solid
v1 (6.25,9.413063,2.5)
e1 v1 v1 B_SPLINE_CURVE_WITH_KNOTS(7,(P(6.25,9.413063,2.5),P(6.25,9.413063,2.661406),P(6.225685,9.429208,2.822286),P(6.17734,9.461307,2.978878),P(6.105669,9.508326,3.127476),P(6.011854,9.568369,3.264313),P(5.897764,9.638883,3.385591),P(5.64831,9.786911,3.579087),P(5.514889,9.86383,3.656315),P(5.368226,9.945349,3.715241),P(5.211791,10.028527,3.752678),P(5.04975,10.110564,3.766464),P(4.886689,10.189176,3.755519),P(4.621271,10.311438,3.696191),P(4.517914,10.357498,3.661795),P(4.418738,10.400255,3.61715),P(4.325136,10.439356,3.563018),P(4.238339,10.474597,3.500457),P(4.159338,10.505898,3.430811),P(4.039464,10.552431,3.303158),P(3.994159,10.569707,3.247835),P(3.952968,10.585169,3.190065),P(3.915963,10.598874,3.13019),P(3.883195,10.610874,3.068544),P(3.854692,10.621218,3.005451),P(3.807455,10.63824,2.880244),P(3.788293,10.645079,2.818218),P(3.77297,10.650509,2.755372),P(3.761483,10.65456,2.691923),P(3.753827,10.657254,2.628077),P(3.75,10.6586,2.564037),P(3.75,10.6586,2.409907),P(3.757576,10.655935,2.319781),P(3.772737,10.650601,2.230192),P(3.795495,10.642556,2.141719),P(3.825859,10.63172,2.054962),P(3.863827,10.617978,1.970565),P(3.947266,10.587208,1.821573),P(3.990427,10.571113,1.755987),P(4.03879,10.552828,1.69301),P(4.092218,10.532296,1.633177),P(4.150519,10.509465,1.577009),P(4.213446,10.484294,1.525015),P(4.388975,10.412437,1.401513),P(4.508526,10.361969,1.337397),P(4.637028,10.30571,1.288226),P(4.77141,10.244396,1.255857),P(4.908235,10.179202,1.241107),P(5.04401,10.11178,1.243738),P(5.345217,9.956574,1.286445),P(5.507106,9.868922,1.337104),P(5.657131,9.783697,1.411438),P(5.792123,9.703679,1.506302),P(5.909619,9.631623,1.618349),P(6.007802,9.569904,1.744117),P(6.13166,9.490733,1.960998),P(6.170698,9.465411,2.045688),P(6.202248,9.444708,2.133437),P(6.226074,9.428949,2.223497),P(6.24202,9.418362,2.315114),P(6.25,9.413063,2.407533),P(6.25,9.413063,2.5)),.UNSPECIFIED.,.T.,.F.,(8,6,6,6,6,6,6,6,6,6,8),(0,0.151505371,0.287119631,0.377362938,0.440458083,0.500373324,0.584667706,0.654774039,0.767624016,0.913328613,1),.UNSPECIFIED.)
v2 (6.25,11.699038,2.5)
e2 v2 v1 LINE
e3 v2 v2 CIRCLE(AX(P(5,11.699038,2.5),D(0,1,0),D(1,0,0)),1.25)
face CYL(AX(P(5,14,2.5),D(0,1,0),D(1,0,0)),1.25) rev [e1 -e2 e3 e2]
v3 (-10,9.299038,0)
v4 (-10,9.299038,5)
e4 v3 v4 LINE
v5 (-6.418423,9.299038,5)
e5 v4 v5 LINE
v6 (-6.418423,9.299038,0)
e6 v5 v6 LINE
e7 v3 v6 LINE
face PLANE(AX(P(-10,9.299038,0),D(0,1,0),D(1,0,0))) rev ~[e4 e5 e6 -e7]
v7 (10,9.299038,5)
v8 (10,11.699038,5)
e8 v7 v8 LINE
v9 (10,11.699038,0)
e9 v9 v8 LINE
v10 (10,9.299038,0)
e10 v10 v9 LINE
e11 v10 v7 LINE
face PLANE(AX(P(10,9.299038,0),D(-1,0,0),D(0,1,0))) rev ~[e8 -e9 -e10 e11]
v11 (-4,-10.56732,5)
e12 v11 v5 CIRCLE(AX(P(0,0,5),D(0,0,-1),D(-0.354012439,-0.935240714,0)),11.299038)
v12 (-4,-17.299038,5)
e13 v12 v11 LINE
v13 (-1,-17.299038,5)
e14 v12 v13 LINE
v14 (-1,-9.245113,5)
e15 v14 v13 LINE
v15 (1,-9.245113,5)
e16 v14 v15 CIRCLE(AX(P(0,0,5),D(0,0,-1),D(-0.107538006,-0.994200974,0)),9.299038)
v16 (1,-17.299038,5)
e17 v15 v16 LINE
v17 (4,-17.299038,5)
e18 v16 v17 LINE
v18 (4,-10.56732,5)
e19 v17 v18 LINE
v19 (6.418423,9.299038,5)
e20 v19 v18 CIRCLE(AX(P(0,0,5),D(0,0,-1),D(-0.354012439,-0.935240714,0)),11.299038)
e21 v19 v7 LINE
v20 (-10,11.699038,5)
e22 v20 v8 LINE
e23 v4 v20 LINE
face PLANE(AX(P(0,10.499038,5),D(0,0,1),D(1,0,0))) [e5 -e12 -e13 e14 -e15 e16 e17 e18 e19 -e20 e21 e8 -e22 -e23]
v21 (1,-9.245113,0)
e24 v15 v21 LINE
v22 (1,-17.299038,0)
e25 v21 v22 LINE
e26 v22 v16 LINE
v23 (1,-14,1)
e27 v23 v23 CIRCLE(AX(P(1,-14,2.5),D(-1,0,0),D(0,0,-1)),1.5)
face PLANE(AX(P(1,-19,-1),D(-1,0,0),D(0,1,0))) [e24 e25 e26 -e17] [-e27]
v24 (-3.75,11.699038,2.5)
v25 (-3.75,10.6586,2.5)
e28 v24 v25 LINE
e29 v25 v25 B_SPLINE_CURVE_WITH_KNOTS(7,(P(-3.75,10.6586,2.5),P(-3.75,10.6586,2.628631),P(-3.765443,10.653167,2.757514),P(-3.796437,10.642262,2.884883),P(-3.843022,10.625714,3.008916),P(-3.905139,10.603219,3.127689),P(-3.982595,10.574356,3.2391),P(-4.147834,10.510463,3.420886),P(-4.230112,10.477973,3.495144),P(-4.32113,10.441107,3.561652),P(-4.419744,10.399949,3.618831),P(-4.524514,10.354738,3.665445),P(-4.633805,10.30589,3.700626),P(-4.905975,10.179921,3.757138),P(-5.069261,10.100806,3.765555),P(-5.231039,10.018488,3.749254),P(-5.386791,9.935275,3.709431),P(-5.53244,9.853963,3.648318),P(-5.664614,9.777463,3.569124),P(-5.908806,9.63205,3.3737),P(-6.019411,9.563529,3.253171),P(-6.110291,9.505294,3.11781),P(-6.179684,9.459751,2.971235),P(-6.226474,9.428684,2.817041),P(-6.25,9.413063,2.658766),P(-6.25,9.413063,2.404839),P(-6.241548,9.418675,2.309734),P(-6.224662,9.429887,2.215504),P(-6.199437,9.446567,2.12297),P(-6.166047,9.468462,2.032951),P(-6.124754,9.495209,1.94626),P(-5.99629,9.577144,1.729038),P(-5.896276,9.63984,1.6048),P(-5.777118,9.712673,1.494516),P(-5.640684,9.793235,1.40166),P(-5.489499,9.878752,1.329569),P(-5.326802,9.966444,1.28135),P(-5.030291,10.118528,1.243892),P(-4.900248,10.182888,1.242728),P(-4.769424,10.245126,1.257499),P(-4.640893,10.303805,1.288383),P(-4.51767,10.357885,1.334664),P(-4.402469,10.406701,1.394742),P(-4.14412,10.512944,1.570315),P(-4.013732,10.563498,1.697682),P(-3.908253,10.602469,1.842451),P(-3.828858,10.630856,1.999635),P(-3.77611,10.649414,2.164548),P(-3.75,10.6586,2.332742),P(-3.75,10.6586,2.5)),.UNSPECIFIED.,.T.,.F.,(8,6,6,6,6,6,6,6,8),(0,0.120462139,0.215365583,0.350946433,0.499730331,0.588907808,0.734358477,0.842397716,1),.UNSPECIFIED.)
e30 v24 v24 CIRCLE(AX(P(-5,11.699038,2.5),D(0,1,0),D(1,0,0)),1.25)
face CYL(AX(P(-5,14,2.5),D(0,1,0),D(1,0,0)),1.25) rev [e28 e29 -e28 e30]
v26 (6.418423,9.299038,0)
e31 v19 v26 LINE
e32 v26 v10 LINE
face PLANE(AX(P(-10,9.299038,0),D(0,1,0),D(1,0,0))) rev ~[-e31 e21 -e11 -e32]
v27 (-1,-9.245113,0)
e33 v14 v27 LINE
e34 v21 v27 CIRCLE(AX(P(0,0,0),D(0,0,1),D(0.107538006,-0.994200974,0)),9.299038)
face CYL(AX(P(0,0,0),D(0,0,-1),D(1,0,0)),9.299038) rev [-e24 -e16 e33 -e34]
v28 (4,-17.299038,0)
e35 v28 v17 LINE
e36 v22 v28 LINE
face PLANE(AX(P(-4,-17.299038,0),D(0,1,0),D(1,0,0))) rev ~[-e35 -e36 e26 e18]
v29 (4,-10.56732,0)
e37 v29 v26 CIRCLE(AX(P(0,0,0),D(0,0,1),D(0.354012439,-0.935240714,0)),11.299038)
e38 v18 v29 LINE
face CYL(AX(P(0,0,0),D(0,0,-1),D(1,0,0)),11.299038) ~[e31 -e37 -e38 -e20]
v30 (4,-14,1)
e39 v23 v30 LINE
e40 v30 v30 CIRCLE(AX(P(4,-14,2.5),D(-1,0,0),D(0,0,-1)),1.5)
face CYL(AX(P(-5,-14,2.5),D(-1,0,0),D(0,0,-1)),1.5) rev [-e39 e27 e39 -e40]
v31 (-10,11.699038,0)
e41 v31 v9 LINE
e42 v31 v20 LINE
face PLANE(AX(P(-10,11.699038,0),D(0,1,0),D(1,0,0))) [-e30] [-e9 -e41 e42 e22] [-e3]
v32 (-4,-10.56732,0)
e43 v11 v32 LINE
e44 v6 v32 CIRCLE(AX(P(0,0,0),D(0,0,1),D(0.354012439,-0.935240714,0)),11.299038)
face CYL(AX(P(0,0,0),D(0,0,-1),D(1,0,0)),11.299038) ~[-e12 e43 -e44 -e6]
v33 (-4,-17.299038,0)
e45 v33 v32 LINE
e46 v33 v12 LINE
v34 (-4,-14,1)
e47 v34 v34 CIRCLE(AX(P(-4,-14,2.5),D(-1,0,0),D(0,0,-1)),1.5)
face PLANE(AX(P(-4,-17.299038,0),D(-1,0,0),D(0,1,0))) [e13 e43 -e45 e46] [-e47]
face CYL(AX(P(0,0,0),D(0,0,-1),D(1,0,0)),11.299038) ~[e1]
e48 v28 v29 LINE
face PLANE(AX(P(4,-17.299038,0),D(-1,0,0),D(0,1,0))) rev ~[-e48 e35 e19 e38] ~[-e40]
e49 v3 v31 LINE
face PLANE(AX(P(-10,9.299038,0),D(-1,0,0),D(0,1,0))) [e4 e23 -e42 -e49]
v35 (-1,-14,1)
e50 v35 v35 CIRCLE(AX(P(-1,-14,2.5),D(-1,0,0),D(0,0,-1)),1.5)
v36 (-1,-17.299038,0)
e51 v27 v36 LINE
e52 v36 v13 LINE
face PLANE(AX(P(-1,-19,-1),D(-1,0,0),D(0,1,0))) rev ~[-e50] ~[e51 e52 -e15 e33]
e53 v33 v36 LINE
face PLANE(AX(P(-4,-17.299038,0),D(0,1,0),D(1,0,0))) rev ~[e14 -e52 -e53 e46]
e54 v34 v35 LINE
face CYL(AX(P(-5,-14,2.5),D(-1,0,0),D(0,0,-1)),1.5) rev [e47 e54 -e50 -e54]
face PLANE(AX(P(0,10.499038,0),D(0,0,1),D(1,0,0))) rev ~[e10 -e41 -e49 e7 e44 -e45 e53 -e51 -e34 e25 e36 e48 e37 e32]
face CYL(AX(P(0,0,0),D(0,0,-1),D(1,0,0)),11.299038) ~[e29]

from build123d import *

# Parameters (mm, degrees)
BOX005_W                = 2
BOX005_H                = 10
BOX005_DEPTH            = 10
CYLINDER029_R           = 9.299038
CYLINDER029_DEPTH       = 10
CYLINDER030_R           = 11.299038
CYLINDER030_DEPTH       = 5
CYLINDER032_R           = 1.25
CYLINDER032_DEPTH       = 5
CYLINDER032_ROLL_ANGLE  = 90
CYLINDER031_R           = 1.25
CYLINDER031_DEPTH       = 5
CYLINDER031_ROLL_ANGLE  = 90
BOX003_W                = 20
BOX003_H                = 2.4
BOX003_DEPTH            = 5
CYLINDER033_R           = 1.5
CYLINDER033_DEPTH       = 10
CYLINDER033_PITCH_ANGLE = 90
BOX004_W                = 8
BOX004_H                = 8
BOX004_DEPTH            = 5


with BuildPart() as quader004:
    # Box005 → Box005 (new body)
    with BuildSketch(Plane(origin=(-1, -19, -1), x_dir=(1, 0, 0), z_dir=(0, 0, 1))):
        with Locations((1, 5)):
            Rectangle(BOX005_W, BOX005_H)
    extrude(amount=BOX005_DEPTH)


with BuildPart() as zylinder027:
    # Cylinder029 → Cylinder029 (new body)
    with BuildSketch(Plane.XY):
        Circle(CYLINDER029_R)
    extrude(amount=CYLINDER029_DEPTH)


with BuildPart() as cut043:
    # Cylinder030 → Cylinder030 (new body)
    with BuildSketch(Plane.XY):
        Circle(CYLINDER030_R)
    extrude(amount=CYLINDER030_DEPTH)

    # Cut043: cut Zylinder027
    add(zylinder027.part, mode=Mode.SUBTRACT)


with BuildPart() as zylinder030:
    # Cylinder032 → Cylinder032 (new body)
    with BuildSketch(Plane.XY):
        Circle(CYLINDER032_R)
    extrude(amount=CYLINDER032_DEPTH)


with BuildPart() as zylinder030_1:
    # Cylinder032 roll: moved
    add(zylinder030.part.rotate(Axis((0, 0, 0), (1, 0, 0)), CYLINDER032_ROLL_ANGLE))


with BuildPart() as zylinder030_2:
    # Cylinder032 placement: moved
    add(zylinder030_1.part.moved(Location((-5, 14, 2.5))))


with BuildPart() as zylinder029:
    # Cylinder031 → Cylinder031 (new body)
    with BuildSketch(Plane.XY):
        Circle(CYLINDER031_R)
    extrude(amount=CYLINDER031_DEPTH)


with BuildPart() as zylinder029_1:
    # Cylinder031 roll: moved
    add(zylinder029.part.rotate(Axis((0, 0, 0), (1, 0, 0)), CYLINDER031_ROLL_ANGLE))


with BuildPart() as zylinder029_2:
    # Cylinder031 placement: moved
    add(zylinder029_1.part.moved(Location((5, 14, 2.5))))


with BuildPart() as cut045:
    # Box003 → Box003 (new body)
    with BuildSketch(Plane(origin=(-10, 9.299038, 0), x_dir=(1, 0, 0), z_dir=(0, 0, 1))):
        with Locations((10, 1.2)):
            Rectangle(BOX003_W, BOX003_H)
    extrude(amount=BOX003_DEPTH)

    # Cut044: cut Zylinder029
    add(zylinder029_2.part, mode=Mode.SUBTRACT)

    # Cut045: cut Zylinder030
    add(zylinder030_2.part, mode=Mode.SUBTRACT)


with BuildPart() as zylinder031:
    # Cylinder033 → Cylinder033 (new body)
    with BuildSketch(Plane.XY):
        Circle(CYLINDER033_R)
    extrude(amount=CYLINDER033_DEPTH)


with BuildPart() as zylinder031_1:
    # Cylinder033 pitch: moved
    add(zylinder031.part.rotate(Axis((0, 0, 0), (0, 1, 0)), CYLINDER033_PITCH_ANGLE))


with BuildPart() as zylinder031_2:
    # Cylinder033 placement: moved
    add(zylinder031_1.part.moved(Location((-5, -14, 2.5))))


with BuildPart() as endschalter:
    # Box004 → Box004 (new body)
    with BuildSketch(Plane(origin=(-4, -17.299038, 0), x_dir=(1, 0, 0), z_dir=(0, 0, 1))):
        with Locations((4, 4)):
            Rectangle(BOX004_W, BOX004_H)
    extrude(amount=BOX004_DEPTH)

    # Cut046: cut Zylinder031
    add(zylinder031_2.part, mode=Mode.SUBTRACT)

    # Fusion003: union Cut043, Cut045
    add(cut043.part)
    add(cut045.part)

    # Cut047: cut Quader004
    add(quader004.part, mode=Mode.SUBTRACT)


solid = endschalter.part
